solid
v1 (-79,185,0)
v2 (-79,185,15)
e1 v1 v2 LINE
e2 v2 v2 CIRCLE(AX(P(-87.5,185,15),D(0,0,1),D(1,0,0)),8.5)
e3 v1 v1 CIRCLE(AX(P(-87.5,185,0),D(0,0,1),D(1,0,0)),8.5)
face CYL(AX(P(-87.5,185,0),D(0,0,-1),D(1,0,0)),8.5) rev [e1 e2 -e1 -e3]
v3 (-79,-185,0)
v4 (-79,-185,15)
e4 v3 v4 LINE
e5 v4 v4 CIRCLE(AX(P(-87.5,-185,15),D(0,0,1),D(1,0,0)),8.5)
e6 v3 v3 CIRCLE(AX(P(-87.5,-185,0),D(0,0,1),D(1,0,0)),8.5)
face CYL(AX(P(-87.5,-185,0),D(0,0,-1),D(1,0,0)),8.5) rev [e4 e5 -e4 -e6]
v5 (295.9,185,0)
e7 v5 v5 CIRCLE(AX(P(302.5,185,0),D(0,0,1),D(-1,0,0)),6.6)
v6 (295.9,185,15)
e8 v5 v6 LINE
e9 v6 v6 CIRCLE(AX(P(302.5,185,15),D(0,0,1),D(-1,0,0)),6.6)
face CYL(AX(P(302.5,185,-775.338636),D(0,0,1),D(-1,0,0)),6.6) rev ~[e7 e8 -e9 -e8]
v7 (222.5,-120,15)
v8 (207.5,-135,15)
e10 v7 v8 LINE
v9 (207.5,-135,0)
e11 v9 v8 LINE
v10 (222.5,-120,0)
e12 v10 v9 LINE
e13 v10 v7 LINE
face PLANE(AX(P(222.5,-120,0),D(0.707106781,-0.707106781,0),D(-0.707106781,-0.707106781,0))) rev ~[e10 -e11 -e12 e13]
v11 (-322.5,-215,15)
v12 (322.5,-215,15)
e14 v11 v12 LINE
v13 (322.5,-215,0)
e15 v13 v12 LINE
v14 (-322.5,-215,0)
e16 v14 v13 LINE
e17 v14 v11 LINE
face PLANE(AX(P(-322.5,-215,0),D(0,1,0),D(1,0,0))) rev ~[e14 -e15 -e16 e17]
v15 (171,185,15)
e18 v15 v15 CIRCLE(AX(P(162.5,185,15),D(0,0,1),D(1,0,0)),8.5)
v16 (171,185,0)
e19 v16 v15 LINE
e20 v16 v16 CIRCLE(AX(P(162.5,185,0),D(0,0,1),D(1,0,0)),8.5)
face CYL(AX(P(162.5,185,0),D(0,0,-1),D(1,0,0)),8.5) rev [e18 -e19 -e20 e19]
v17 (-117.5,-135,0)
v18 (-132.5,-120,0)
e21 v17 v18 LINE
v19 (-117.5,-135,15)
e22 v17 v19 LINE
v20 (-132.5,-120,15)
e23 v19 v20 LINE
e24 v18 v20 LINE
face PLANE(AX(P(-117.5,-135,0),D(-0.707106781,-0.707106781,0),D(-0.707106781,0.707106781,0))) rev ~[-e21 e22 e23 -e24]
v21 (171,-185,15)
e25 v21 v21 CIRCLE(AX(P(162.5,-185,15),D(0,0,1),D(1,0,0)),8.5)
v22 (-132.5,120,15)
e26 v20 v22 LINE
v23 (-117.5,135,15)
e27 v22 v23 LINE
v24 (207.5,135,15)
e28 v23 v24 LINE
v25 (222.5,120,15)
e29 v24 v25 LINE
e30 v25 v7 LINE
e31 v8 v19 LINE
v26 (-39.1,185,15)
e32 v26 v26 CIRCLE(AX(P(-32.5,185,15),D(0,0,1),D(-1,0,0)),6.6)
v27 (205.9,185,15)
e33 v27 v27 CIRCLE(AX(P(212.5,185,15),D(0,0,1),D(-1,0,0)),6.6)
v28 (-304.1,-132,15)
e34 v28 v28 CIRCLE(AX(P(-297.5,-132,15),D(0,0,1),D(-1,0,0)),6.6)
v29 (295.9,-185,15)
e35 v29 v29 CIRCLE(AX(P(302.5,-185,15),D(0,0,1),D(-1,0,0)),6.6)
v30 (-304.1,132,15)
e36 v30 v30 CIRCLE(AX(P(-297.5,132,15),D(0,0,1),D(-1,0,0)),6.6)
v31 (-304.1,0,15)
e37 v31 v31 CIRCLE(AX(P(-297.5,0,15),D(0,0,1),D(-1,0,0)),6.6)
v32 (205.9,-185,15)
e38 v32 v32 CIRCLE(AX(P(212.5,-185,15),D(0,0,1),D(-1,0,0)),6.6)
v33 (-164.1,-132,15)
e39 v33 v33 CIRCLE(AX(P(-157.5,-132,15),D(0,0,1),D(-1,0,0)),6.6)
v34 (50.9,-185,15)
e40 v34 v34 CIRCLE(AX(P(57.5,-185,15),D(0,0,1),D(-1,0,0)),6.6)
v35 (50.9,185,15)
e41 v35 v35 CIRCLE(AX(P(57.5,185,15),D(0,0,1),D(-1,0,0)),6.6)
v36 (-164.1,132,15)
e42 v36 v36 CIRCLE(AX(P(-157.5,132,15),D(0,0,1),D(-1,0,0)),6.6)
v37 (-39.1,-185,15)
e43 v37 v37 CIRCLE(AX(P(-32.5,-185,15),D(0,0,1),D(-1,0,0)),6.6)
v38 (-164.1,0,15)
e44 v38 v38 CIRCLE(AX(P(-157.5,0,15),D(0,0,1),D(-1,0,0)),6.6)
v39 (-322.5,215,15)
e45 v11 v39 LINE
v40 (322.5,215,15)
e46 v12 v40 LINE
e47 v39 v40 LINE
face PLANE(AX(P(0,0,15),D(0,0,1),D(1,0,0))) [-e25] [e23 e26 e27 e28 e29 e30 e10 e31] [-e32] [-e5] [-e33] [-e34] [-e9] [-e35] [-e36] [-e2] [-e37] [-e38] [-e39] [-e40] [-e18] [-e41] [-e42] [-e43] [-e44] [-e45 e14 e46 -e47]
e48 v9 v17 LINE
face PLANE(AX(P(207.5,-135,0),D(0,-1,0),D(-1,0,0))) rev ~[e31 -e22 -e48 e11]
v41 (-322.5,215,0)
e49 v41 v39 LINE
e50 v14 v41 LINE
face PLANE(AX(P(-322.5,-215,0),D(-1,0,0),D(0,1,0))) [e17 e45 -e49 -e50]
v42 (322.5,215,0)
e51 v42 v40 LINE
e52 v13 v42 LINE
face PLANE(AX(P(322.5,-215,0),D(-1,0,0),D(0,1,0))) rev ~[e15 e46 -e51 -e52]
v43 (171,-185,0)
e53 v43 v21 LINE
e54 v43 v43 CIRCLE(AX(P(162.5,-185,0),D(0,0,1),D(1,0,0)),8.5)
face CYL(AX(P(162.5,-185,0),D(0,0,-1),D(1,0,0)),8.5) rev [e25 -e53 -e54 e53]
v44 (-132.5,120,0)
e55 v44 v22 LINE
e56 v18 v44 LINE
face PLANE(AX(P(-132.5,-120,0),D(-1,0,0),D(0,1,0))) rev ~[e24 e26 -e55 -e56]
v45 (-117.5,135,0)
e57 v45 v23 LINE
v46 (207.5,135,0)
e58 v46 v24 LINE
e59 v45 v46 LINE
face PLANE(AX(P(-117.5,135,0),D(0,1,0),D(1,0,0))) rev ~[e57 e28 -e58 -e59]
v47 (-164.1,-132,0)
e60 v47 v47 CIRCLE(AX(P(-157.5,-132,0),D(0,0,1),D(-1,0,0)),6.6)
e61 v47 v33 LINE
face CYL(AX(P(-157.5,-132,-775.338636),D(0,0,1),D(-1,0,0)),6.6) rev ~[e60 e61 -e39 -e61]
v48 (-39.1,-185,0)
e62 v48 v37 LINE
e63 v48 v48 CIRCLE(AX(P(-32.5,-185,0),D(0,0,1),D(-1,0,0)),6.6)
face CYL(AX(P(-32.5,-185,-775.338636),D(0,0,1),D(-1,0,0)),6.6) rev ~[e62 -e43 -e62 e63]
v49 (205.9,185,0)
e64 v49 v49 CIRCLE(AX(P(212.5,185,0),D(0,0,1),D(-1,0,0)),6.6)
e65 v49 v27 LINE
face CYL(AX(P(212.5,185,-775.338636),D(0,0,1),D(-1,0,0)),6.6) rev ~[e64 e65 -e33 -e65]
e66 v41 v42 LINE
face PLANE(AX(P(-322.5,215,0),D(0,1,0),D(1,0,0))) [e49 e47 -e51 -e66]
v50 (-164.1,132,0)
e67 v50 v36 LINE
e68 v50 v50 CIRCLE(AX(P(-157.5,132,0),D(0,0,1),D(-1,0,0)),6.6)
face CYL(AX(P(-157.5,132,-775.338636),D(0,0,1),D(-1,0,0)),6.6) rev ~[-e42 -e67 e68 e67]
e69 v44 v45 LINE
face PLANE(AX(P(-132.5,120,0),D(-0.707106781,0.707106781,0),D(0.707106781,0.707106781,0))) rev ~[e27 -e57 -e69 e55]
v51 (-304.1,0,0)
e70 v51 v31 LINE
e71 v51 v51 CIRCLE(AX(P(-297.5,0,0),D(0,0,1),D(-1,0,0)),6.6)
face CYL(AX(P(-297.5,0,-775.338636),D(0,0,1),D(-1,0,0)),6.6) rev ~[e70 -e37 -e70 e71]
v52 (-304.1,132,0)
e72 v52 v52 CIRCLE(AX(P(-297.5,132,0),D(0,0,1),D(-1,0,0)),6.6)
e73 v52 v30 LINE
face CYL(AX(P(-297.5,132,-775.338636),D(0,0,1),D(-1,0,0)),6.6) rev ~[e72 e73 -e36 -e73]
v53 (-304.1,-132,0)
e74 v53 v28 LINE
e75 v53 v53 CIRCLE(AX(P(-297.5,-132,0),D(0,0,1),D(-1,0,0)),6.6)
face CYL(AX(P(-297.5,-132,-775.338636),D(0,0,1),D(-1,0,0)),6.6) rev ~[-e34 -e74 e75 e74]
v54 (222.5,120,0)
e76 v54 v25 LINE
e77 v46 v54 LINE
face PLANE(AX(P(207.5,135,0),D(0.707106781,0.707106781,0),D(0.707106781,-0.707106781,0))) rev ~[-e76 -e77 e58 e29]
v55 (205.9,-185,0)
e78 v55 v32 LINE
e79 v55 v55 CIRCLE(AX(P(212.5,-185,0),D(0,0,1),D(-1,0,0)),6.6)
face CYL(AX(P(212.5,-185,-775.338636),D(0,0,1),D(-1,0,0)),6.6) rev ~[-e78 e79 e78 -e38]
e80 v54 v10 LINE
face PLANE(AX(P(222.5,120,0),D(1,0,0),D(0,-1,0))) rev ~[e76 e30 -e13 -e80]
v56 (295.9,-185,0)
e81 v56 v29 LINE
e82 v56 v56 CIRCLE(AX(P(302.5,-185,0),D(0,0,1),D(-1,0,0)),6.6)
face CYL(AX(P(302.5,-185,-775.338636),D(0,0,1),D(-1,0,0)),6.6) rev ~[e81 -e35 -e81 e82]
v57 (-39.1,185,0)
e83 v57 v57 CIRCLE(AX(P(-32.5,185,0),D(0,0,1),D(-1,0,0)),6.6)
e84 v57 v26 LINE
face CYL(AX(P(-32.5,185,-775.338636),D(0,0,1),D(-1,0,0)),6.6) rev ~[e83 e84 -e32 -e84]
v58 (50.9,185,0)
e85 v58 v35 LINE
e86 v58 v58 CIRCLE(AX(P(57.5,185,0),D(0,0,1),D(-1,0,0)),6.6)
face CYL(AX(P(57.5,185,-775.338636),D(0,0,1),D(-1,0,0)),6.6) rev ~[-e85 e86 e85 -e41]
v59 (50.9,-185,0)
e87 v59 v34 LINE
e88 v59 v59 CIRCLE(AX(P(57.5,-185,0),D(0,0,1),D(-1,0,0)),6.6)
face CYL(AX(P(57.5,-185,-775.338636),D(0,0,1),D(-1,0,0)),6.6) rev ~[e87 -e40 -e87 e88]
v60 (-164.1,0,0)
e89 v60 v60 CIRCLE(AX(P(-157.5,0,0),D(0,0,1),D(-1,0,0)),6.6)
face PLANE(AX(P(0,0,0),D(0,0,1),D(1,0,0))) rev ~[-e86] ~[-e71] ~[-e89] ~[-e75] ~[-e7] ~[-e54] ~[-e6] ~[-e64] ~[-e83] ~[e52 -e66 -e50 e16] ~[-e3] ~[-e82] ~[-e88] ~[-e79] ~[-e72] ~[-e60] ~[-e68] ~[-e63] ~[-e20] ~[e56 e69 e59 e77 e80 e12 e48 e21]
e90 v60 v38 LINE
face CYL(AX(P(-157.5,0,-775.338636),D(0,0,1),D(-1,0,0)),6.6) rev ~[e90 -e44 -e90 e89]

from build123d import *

# Parameters (mm, degrees)
F0_W     = 645
F0_H     = 430
F1_DEPTH = 15
F3_D     = 13.2
F4_R     = 8.5
F5_DEPTH = 15


with BuildPart() as f1:
    # F0 (on Top) → F1 (new body)
    with BuildSketch(Plane.XY):
        Rectangle(F0_W, F0_H)
        Polygon((-132.5, 120), (-117.5, 135), (207.5, 135), (222.5, 120), (222.5, -120), (207.5, -135), (-117.5, -135), (-132.5, -120), align=None, mode=Mode.SUBTRACT)
    extrude(amount=F1_DEPTH)

    # F3 (through all)
    with Locations(Plane(origin=(0, 0, 0), x_dir=(1, 0, 0), z_dir=(0, 0, -1))):
        with Locations((-297.5, -132), (-297.5, 0), (-297.5, 132), (-157.5, -132), (-157.5, 0), (-157.5, 132), (-32.5, 185), (57.5, 185), (212.5, 185), (302.5, 185), (302.5, -185), (212.5, -185), (57.5, -185), (-32.5, -185)):
            Hole(F3_D / 2)

    # F4 (on Top) → F5 (cut, through all)
    with BuildSketch(Plane.XY):
        with Locations((-87.5, 185)):
            Circle(F4_R)
        with Locations((162.5, 185)):
            Circle(F4_R)
        with Locations((162.5, -185)):
            Circle(F4_R)
        with Locations((-87.5, -185)):
            Circle(F4_R)
    extrude(amount=F5_DEPTH, mode=Mode.SUBTRACT)


solid = f1.part
